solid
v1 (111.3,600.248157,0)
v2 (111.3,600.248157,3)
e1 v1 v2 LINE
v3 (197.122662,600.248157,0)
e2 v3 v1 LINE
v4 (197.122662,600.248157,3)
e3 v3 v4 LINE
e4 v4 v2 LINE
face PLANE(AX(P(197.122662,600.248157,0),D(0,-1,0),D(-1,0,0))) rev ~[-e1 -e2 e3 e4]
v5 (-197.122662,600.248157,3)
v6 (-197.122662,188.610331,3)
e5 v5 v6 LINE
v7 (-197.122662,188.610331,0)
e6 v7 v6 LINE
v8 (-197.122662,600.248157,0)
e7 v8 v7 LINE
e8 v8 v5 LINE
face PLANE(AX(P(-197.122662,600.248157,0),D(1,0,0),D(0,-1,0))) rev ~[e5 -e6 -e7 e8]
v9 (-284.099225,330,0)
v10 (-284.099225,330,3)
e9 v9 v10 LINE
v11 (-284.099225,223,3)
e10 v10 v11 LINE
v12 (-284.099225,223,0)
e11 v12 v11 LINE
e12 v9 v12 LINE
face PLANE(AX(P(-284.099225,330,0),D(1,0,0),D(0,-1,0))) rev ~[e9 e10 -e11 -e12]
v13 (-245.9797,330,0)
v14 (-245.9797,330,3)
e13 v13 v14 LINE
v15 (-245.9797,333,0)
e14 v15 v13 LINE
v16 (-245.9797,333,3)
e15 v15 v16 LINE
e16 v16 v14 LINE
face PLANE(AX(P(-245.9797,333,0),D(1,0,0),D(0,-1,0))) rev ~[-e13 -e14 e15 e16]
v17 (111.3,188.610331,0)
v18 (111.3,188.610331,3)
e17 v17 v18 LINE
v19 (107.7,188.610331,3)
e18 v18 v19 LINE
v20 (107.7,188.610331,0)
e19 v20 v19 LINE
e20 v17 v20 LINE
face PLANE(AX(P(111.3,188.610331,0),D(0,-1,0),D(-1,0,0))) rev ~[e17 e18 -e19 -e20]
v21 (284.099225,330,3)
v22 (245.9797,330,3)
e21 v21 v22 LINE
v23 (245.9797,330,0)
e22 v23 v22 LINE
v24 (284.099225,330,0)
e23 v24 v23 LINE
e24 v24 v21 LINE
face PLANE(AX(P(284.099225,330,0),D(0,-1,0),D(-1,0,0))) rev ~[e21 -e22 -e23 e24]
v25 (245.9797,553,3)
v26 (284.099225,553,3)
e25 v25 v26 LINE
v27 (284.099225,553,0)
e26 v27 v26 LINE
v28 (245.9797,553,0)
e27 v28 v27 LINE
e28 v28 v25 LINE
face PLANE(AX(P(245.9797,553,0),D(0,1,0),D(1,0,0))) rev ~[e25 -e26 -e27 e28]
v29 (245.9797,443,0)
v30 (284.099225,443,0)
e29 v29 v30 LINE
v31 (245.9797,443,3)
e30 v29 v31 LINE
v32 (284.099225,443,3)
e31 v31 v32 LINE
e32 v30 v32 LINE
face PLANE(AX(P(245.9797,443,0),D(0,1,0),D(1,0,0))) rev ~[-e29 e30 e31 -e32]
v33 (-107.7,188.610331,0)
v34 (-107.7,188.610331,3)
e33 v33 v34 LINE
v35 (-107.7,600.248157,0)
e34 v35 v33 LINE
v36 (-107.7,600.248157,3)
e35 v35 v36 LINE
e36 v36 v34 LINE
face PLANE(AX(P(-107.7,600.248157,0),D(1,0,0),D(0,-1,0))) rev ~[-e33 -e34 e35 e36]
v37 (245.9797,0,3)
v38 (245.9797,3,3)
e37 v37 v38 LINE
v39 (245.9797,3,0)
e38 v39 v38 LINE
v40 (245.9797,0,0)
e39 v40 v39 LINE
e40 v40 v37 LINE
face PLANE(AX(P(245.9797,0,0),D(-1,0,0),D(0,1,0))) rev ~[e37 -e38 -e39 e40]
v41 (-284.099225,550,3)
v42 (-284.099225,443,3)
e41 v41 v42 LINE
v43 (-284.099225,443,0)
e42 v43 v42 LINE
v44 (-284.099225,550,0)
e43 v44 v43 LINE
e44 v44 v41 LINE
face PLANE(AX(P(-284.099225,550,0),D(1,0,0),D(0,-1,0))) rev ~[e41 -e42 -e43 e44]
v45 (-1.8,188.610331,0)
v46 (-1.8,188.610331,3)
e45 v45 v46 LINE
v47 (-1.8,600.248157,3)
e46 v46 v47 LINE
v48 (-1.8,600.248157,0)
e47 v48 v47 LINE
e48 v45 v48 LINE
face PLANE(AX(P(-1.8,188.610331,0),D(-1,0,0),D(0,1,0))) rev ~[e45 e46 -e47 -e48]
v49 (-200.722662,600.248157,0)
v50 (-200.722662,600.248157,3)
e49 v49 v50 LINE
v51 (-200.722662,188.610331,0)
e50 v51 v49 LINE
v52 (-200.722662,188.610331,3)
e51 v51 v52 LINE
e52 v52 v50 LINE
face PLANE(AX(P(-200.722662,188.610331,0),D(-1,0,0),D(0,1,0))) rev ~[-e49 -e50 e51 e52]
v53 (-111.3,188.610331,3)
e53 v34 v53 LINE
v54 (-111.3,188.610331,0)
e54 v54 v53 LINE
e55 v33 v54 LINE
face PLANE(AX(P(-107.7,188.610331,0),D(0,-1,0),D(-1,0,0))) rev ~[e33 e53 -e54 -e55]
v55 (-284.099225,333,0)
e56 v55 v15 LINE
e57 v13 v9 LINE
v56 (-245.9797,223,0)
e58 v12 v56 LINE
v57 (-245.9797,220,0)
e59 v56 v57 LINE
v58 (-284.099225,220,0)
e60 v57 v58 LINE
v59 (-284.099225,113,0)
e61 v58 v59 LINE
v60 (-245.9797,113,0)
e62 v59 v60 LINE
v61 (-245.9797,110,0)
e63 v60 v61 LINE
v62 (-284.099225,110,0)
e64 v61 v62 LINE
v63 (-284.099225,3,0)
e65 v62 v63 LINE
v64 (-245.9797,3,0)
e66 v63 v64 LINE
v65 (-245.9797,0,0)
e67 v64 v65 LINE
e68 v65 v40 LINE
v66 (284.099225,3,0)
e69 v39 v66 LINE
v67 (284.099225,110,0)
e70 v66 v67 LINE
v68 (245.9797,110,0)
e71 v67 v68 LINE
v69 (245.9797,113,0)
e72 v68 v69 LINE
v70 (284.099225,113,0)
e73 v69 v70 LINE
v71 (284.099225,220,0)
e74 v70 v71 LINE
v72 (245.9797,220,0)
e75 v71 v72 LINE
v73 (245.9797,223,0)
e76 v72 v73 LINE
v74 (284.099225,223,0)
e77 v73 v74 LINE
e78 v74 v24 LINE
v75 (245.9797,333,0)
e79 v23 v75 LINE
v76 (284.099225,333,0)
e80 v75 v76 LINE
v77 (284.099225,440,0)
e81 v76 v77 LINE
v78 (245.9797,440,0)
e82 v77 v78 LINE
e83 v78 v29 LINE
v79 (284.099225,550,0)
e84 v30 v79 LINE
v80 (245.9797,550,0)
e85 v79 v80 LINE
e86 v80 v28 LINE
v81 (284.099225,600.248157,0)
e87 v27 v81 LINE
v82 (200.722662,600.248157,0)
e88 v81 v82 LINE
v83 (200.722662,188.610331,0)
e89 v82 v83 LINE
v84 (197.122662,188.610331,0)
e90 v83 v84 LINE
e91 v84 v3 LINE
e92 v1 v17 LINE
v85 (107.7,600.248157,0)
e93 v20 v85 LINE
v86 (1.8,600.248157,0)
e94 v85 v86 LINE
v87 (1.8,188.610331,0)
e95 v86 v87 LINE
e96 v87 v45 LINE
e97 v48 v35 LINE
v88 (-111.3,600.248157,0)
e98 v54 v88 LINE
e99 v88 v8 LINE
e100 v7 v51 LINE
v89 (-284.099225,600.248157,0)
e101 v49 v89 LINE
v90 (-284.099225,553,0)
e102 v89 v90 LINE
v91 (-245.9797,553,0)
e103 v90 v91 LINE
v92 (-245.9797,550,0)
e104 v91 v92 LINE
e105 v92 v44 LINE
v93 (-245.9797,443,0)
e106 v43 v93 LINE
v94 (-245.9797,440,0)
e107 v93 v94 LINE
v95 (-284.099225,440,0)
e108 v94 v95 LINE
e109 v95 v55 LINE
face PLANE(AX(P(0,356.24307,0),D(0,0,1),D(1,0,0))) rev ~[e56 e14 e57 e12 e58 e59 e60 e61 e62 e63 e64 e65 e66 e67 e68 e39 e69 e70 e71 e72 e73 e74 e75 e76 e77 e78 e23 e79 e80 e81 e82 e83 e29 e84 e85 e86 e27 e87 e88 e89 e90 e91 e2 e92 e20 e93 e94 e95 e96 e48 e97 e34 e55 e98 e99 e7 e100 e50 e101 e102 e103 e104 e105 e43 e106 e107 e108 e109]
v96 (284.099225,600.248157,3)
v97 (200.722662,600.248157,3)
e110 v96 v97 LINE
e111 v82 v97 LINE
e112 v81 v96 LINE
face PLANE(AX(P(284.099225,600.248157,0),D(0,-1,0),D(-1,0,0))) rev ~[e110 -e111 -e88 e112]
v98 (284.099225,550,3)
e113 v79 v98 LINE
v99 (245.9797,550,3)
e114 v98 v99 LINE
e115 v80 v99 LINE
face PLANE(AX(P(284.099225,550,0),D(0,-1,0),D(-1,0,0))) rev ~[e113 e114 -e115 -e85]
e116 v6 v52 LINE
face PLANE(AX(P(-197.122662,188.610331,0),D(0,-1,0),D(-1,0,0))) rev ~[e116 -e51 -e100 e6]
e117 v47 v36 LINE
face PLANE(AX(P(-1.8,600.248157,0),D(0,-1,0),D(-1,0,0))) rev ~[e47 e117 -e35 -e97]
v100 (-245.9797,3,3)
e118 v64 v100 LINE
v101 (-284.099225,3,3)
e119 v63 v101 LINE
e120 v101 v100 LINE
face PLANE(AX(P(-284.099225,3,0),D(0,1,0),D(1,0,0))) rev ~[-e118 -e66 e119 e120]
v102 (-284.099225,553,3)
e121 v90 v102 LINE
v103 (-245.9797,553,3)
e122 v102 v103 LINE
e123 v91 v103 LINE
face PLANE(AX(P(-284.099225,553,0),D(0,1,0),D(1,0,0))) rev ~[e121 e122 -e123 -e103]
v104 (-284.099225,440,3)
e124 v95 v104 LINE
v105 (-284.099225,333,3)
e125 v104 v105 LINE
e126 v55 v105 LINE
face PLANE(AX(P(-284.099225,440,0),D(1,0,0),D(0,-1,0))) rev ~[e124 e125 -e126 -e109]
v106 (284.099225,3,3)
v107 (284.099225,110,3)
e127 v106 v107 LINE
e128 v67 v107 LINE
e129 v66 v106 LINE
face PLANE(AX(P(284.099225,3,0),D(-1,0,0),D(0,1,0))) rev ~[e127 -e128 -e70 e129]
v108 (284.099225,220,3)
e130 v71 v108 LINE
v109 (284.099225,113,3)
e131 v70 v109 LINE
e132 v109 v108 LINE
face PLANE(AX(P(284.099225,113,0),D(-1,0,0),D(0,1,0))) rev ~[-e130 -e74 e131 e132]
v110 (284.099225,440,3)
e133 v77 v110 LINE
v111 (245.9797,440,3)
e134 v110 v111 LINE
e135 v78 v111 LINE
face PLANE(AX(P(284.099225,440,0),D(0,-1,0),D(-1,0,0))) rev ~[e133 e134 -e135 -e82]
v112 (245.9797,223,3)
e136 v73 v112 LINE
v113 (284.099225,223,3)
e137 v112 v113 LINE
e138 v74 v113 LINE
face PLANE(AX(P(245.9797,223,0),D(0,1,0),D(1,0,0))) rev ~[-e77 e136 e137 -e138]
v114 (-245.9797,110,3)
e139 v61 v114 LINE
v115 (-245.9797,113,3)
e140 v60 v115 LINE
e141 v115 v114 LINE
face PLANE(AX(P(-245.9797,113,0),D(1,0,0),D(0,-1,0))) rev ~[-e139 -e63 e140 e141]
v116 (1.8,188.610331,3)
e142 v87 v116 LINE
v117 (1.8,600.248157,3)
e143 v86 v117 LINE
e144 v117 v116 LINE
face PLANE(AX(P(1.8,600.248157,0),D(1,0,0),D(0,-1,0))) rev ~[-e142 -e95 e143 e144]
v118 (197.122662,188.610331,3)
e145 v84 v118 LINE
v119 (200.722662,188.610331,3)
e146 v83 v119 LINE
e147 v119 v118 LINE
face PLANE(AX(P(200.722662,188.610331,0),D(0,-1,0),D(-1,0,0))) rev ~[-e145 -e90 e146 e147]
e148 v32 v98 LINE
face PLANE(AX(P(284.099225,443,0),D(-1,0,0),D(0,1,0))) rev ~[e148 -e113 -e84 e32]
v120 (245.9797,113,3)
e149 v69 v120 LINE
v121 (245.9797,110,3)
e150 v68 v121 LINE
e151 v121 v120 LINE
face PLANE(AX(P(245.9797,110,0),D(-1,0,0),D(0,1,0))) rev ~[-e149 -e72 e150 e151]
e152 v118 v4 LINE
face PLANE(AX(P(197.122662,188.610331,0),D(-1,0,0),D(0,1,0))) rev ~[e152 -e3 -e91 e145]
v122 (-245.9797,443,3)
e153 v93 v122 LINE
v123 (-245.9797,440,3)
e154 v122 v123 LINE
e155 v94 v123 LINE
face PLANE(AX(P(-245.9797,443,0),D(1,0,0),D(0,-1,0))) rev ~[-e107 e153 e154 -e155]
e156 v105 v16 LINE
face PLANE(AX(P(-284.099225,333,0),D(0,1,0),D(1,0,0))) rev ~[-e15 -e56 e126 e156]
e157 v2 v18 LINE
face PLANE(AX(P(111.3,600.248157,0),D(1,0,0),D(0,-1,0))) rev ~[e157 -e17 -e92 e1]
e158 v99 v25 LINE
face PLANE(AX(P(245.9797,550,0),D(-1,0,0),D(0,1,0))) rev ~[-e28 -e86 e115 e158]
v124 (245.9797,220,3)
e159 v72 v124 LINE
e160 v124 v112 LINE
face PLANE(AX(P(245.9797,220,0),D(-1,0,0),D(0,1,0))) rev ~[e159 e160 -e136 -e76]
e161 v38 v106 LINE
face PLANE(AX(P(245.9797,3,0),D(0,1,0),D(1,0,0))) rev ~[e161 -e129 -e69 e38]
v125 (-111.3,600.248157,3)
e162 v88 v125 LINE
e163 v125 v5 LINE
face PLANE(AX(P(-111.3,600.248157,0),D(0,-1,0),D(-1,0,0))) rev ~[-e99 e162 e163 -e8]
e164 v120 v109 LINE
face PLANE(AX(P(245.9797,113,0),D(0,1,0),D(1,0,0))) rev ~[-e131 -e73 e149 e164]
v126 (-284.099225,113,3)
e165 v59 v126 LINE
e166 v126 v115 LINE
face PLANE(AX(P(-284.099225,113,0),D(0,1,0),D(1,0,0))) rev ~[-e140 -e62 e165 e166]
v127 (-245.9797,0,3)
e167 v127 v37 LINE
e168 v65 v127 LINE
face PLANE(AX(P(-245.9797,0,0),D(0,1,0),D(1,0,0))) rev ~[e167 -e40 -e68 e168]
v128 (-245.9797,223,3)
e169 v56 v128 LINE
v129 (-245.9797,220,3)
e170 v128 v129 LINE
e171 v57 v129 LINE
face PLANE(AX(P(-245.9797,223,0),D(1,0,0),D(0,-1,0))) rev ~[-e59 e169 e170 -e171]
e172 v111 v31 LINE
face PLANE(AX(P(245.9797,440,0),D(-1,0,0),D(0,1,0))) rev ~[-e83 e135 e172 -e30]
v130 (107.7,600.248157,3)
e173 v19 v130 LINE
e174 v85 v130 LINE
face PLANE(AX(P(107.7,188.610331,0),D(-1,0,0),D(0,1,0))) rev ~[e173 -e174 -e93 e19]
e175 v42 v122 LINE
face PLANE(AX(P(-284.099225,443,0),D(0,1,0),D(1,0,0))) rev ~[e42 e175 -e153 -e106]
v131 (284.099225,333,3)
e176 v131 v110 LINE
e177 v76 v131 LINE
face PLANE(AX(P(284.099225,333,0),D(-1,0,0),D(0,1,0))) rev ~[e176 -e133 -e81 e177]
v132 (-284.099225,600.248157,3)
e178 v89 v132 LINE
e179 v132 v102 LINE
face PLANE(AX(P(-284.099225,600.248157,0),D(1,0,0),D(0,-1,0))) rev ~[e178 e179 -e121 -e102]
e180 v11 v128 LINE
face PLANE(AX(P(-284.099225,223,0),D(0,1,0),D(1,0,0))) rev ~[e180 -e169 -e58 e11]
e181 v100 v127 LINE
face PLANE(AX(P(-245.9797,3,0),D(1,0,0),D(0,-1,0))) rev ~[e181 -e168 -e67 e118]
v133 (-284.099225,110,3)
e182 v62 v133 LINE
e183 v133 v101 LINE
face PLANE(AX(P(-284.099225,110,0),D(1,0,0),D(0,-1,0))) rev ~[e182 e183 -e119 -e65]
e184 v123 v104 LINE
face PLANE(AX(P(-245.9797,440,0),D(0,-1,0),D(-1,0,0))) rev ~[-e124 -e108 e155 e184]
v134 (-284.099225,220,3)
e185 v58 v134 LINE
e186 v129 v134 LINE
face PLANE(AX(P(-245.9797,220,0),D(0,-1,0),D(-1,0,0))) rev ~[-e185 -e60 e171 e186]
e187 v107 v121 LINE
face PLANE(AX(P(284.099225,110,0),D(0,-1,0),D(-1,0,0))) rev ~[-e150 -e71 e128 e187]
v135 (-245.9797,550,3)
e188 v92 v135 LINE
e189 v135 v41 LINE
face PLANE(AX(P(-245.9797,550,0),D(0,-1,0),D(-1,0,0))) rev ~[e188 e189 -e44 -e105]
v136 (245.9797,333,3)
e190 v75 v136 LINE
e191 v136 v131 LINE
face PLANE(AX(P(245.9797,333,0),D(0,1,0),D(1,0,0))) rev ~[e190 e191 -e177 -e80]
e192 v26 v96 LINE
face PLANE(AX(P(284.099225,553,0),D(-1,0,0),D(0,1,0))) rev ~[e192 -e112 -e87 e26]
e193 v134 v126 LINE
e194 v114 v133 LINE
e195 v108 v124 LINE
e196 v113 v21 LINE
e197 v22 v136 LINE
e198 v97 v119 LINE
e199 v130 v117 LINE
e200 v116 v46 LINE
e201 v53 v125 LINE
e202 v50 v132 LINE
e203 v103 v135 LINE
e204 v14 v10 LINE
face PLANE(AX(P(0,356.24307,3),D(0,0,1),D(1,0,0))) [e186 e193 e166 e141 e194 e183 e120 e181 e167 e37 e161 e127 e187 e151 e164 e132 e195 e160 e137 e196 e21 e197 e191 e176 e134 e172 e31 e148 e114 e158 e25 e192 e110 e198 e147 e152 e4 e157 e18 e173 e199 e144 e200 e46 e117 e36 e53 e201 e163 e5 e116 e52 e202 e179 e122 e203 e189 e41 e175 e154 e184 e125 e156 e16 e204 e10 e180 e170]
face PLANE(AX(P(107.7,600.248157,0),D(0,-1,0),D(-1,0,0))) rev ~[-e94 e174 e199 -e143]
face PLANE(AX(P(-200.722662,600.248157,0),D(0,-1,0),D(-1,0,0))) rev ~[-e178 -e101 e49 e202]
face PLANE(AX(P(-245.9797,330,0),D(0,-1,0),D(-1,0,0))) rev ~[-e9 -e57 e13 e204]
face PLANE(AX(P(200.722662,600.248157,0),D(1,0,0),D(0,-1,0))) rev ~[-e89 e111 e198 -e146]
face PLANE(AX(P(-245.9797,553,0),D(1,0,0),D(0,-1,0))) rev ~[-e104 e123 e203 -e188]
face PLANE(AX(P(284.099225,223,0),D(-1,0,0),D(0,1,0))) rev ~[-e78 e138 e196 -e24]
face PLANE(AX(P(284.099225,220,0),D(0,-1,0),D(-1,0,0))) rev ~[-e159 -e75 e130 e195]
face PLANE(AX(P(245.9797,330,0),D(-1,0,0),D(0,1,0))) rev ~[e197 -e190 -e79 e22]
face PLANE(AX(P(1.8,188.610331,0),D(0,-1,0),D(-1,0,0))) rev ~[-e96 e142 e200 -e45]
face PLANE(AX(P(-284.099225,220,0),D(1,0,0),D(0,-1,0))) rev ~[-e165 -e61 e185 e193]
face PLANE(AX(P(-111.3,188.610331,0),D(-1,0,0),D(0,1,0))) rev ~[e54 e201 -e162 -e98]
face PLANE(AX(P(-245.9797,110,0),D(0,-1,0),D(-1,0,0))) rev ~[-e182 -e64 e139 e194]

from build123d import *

# Parameters (mm, degrees)
BOSS_EXTRUDE1_DEPTH = 3


with BuildPart() as part:
    # Model → Boss-Extrude1 (new body)
    with BuildSketch(Plane.XY):
        Polygon((-284.099225299, 3), (-245.979700014, 3), (-245.979700014, 0), (245.979700014, 0), (245.979700014, 3), (284.099225299, 3), (284.099225299, 110), (245.979700014, 110), (245.979700014, 113), (284.099225299, 113), (284.099225299, 220), (245.979700014, 220), (245.979700014, 223), (284.099225299, 223), (284.099225299, 330), (245.979700014, 330), (245.979700014, 333), (284.099225299, 333), (284.099225299, 440), (245.979700014, 440), (245.979700014, 443), (284.099225299, 443), (284.099225299, 550), (245.979700014, 550), (245.979700014, 553), (284.099225299, 553), (284.099225299, 600.248156907), (200.722661621, 600.248156907), (200.722661621, 188.610331254), (197.122661621, 188.610331254), (197.122661621, 600.248156907), (111.3, 600.248156907), (111.3, 188.610331254), (107.7, 188.610331254), (107.7, 600.248156907), (1.8, 600.248156907), (1.8, 188.610331254), (-1.8, 188.610331254), (-1.8, 600.248156907), (-107.7, 600.248156907), (-107.7, 188.610331254), (-111.3, 188.610331254), (-111.3, 600.248156907), (-197.122661621, 600.248156907), (-197.122661621, 188.610331254), (-200.722661621, 188.610331254), (-200.722661621, 600.248156907), (-284.099225299, 600.248156907), (-284.099225299, 553), (-245.979700014, 553), (-245.979700014, 550), (-284.099225299, 550), (-284.099225299, 443), (-245.979700014, 443), (-245.979700014, 440), (-284.099225299, 440), (-284.099225299, 333), (-245.979700014, 333), (-245.979700014, 330), (-284.099225299, 330), (-284.099225299, 223), (-245.979700014, 223), (-245.979700014, 220), (-284.099225299, 220), (-284.099225299, 113), (-245.979700014, 113), (-245.979700014, 110), (-284.099225299, 110), align=None)
    extrude(amount=BOSS_EXTRUDE1_DEPTH)


solid = part.part
